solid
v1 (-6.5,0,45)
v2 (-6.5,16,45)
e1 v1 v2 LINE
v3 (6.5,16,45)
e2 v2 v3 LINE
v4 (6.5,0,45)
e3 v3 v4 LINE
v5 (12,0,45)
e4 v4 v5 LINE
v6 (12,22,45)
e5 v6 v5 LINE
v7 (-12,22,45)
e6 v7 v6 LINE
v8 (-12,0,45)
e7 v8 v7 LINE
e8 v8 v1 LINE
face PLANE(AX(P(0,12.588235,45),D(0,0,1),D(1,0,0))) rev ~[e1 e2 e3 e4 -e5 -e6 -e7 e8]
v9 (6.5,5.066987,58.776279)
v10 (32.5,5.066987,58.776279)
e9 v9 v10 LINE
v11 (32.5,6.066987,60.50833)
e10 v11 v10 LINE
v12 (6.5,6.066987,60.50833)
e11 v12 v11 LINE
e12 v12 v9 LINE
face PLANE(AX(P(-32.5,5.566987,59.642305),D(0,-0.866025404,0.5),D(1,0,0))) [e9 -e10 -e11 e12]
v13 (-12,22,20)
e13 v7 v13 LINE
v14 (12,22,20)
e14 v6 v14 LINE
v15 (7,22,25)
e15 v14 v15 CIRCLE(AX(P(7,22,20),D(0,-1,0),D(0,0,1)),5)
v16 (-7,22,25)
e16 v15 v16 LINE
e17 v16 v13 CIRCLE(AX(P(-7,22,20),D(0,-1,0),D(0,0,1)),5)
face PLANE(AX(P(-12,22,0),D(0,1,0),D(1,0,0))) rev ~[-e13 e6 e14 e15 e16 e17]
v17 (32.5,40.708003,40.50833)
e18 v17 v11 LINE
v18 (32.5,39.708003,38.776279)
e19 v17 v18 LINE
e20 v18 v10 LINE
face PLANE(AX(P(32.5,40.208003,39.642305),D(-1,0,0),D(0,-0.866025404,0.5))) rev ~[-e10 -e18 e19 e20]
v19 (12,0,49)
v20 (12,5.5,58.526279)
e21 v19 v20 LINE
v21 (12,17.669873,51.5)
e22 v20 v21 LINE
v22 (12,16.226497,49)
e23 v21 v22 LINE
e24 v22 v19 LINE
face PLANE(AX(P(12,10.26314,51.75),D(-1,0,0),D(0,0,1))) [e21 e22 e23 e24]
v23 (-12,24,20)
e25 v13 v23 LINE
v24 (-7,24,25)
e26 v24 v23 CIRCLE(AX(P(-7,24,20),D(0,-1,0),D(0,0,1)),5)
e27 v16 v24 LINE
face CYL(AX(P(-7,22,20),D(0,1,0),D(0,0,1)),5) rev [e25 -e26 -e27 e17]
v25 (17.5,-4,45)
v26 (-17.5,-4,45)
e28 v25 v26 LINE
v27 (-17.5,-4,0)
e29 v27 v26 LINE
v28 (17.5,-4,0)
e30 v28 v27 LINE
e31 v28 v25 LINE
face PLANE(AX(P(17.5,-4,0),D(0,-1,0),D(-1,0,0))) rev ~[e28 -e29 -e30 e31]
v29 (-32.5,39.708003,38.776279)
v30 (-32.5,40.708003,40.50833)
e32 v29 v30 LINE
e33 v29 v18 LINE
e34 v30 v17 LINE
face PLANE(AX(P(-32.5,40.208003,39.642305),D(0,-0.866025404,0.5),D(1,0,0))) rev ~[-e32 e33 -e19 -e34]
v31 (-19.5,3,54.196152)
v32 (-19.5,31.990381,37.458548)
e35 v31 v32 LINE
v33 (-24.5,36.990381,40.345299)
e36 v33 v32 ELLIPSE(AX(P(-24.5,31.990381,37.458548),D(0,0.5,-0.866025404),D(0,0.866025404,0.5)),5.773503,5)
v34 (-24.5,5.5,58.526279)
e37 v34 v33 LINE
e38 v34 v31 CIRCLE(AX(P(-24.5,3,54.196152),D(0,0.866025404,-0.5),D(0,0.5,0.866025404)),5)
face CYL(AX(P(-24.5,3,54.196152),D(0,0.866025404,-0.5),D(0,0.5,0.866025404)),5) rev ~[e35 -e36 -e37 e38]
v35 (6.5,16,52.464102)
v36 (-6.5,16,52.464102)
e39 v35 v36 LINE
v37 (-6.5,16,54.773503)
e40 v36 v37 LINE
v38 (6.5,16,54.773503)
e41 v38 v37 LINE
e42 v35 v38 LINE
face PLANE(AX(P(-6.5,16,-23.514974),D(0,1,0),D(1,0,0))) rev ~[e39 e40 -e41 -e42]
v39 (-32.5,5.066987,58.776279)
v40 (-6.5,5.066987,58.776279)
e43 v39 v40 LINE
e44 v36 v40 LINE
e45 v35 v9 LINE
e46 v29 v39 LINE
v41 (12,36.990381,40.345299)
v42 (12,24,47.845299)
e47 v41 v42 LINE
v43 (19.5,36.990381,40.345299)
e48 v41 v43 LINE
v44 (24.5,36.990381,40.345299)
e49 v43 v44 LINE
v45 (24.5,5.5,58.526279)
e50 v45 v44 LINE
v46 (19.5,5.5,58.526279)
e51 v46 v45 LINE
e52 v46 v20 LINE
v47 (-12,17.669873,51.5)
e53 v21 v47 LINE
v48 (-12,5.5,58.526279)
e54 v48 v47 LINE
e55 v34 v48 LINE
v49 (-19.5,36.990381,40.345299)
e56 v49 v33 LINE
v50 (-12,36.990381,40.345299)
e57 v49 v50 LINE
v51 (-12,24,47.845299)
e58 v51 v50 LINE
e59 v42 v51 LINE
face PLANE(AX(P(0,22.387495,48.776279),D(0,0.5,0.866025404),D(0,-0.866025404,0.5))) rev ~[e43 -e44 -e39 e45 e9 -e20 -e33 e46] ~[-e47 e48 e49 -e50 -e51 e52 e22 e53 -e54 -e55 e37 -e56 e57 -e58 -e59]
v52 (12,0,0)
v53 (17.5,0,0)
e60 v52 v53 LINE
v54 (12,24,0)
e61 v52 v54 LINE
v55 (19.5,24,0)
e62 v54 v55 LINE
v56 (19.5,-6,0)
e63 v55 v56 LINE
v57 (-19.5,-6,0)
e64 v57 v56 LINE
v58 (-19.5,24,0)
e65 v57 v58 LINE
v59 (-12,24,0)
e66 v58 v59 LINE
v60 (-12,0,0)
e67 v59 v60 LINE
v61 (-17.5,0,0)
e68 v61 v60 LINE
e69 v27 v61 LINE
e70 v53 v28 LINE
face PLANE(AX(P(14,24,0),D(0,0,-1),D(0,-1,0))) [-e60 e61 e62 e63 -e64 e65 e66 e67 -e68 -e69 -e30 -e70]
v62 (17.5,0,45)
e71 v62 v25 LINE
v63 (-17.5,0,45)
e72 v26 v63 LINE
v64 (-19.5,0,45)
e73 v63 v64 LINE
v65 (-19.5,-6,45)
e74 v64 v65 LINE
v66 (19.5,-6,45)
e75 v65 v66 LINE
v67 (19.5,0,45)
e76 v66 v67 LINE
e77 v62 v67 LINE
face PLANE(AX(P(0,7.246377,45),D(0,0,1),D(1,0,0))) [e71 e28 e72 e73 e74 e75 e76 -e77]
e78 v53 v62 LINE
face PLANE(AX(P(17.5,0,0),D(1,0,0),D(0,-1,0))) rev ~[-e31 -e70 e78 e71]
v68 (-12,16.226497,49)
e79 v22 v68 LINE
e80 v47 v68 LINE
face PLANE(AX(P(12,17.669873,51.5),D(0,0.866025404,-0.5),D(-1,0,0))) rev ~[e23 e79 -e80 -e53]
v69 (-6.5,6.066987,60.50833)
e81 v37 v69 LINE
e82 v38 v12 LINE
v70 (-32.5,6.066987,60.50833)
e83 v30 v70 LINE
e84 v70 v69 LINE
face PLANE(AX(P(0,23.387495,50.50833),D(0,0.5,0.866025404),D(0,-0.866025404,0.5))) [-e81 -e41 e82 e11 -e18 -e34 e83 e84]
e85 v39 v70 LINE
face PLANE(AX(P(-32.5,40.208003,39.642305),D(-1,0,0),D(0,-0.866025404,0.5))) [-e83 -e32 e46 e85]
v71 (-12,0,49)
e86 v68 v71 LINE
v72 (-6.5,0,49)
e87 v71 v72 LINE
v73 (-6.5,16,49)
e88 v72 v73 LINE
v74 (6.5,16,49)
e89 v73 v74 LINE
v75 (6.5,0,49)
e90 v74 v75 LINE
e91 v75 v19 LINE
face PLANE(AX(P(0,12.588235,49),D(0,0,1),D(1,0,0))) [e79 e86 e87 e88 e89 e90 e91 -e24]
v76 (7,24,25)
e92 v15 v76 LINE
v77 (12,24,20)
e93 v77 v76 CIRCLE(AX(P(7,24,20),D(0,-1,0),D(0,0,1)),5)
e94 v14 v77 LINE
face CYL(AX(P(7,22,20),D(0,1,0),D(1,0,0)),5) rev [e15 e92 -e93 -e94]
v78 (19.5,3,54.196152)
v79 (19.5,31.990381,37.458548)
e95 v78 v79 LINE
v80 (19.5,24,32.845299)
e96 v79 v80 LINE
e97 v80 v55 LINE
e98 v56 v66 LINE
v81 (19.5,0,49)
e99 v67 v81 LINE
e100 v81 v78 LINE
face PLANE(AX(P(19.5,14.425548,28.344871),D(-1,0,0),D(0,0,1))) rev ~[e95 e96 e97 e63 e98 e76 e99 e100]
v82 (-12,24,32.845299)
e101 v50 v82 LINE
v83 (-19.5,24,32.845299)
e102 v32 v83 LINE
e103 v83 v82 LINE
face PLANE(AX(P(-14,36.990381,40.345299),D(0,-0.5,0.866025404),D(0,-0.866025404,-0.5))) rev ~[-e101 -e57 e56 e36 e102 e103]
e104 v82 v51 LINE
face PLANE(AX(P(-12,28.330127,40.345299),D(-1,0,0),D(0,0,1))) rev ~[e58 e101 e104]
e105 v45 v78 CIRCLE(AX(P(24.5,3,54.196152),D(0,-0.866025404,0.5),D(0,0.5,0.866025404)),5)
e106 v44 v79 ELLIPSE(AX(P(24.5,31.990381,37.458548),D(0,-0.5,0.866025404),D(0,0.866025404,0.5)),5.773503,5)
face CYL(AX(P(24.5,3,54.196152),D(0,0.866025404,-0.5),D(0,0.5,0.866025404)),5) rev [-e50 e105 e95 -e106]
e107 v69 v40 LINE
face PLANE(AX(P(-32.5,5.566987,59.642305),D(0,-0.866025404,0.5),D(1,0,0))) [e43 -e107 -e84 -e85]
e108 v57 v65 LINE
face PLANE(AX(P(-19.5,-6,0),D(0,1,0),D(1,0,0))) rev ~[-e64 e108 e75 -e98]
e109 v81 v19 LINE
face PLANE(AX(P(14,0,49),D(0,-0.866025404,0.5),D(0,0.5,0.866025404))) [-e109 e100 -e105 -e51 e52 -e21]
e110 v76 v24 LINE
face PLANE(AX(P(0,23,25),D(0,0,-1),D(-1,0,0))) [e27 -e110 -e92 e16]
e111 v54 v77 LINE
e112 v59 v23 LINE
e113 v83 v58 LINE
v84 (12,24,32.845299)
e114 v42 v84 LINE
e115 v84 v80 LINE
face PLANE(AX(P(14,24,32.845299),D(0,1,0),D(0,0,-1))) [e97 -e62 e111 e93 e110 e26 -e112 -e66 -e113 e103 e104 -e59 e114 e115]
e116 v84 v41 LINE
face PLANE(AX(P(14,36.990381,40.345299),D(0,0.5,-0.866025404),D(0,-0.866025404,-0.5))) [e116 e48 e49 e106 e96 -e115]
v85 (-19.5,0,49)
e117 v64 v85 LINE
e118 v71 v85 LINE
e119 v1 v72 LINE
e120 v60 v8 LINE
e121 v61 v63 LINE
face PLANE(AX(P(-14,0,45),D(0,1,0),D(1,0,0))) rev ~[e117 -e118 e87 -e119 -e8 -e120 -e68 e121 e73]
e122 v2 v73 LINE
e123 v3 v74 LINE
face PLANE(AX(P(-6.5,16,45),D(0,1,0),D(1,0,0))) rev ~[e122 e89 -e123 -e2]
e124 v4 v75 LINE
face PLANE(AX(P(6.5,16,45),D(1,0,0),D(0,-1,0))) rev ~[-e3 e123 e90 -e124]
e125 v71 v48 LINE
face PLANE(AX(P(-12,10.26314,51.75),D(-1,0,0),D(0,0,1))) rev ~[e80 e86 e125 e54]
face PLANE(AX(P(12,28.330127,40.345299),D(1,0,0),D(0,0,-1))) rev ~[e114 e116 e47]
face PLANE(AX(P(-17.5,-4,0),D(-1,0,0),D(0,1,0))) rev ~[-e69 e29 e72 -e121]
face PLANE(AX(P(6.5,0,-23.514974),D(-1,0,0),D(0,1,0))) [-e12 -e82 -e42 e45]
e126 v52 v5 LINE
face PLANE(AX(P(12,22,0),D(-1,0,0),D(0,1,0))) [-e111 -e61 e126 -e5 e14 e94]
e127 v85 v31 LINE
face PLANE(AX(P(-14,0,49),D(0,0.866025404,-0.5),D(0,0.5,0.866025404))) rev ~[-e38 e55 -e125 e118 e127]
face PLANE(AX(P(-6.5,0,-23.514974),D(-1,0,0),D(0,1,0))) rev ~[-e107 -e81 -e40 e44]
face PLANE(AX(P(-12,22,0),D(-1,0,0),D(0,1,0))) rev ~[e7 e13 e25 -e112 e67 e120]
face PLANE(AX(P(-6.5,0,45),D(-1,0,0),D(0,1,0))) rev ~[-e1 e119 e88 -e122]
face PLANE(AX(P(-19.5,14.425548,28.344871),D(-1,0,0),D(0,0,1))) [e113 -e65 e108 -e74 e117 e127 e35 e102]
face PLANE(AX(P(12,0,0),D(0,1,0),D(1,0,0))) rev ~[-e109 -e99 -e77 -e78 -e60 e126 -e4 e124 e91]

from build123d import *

# Parameters (mm, degrees)
EXTRUDE_1_DEPTH          = 45
EXTRUDE_2_DEPTH          = 4
SKETCH_3_W               = 24
SKETCH_3_H               = 2
CUT_EXTRUDE_1_DEPTH      = 25
SKETCH_5_W               = 40
SKETCH_5_H               = 65
EXTRUDE_3_DEPTH          = 1
CUT_EXTRUDE_2_DEPTH      = 72.51497427
CUT_EXTRUDE_2_DEPTH_BACK = 72.51497427
SKETCH_6_W               = 13
SKETCH_6_H               = 16
EXTRUDE_6_DEPTH          = 2
EXTRUDE_7_DEPTH          = 2
EXTRUDE_8_DEPTH          = 2
EXTRUDE_9_DEPTH          = 2
FILLET_1_R               = 5
EXTRUDE_10_DEPTH         = 5.5
EXTRUDE_11_DEPTH         = 5.5
SKETCH_18_W              = 24
SKETCH_18_H              = 5
EXTRUDE_13_DEPTH         = 3
FILLET_2_R               = 5


with BuildPart() as part:
    # ｽｹｯﾁ1 → ﾎﾞｽ - 押し出し1 (new body)
    with BuildSketch(Plane.XY):
        Polygon((-14, 24), (-14, 2), (-19.5, 2), (-19.5, -6), (19.5, -6), (19.5, 2), (14, 2), (14, 24), align=None)
        Polygon((-12, 0), (-12, 22), (12, 22), (12, 0), (17.5, 0), (17.5, -4), (-17.5, -4), (-17.5, 0), align=None, mode=Mode.SUBTRACT)
    extrude(amount=EXTRUDE_1_DEPTH)

    # ｽｹｯﾁ2 → ﾎﾞｽ - 押し出し2 (add)
    with BuildSketch(Plane.XY.offset(45)):
        Polygon((-14, 24), (-14, 0), (-6.5, 0), (-6.5, 16), (6.5, 16), (6.5, 0), (14, 0), (14, 24), align=None)
    extrude(amount=EXTRUDE_2_DEPTH)

    # ｽｹｯﾁ3 → ｶｯﾄ - 押し出し1 (cut)
    with BuildSketch(Plane(origin=(0, 0, 0), x_dir=(-1, 0, 0), z_dir=(0, 0, -1))):
        with Locations((0, 23)):
            Rectangle(SKETCH_3_W, SKETCH_3_H)
    extrude(amount=-CUT_EXTRUDE_1_DEPTH, mode=Mode.SUBTRACT)



with BuildPart() as body_2:
    # ｽｹｯﾁ5 → ﾎﾞｽ - 押し出し3 (new, symmetric)
    with BuildSketch(Plane(origin=(0, 27.217622393, 47.142304845), x_dir=(0, -0.8660254037844413, 0.4999999999999954), z_dir=(0, 0.4999999999999954, 0.8660254037844413))):
        with Locations((5, 0)):
            Rectangle(SKETCH_5_W, SKETCH_5_H)
    extrude(amount=EXTRUDE_3_DEPTH, both=True)

    # ｽｹｯﾁ6 → ｶｯﾄ - 押し出し2 (cut, two sides: drawn at the far end of the back side and taken through both)
    with BuildSketch(Plane.XY.offset(49).offset(-CUT_EXTRUDE_2_DEPTH_BACK)):
        with Locations((0, 8)):
            Rectangle(SKETCH_6_W, SKETCH_6_H)
    extrude(amount=CUT_EXTRUDE_2_DEPTH + CUT_EXTRUDE_2_DEPTH_BACK, mode=Mode.SUBTRACT)


with BuildPart() as part_1:
    add(part.part)

    add(body_2.part)  # ﾎﾞｽ - 押し出し6 merges body 2
    # ｽｹｯﾁ11 → ﾎﾞｽ - 押し出し6 (add)
    with BuildSketch(Plane.ZY.offset(14)):
        Polygon((40.345299462, 36.990381057), (32.845299462, 24), (47.845299462, 24), align=None)
    extrude(amount=-EXTRUDE_6_DEPTH)

    # ｽｹｯﾁ12 → ﾎﾞｽ - 押し出し7 (add)
    with BuildSketch(Plane(origin=(14, 0, 0), x_dir=(0, 0, -1), z_dir=(1, 0, 0))):
        Polygon((-47.845299462, 24), (-32.845299462, 24), (-40.345299462, 36.990381057), align=None)
    extrude(amount=-EXTRUDE_7_DEPTH)

    # ｽｹｯﾁ13 → ﾎﾞｽ - 押し出し8 (add)
    with BuildSketch(Plane.ZY.offset(14)):
        Polygon((49, 22), (49, 0), (58.526279442, 5.5), align=None)
    extrude(amount=-EXTRUDE_8_DEPTH)

    # ｽｹｯﾁ14 → ﾎﾞｽ - 押し出し9 (add)
    with BuildSketch(Plane(origin=(14, 0, 0), x_dir=(0, 0, -1), z_dir=(1, 0, 0))):
        Polygon((-49, 22), (-49, 0), (-58.526279442, 5.5), align=None)
    extrude(amount=-EXTRUDE_9_DEPTH)

    # ﾌｨﾚｯﾄ1
    fillet_1_edges = [part_1.edges().sort_by_distance(p)[0] for p in [
        (12, 23, 25),
        (-12, 23, 25),
    ]]
    fillet(fillet_1_edges, radius=FILLET_1_R)

    # ｽｹｯﾁ16 → ﾎﾞｽ - 押し出し10 (add)
    with BuildSketch(Plane.ZY.offset(14)):
        Polygon((0, 24), (0, 2), (45, 2), (45, 0), (49, 0), (58.526279442, 5.5), (40.345299462, 36.990381057), (32.845299462, 24), align=None)
    extrude(amount=EXTRUDE_10_DEPTH)

    # ｽｹｯﾁ17 → ﾎﾞｽ - 押し出し11 (add)
    with BuildSketch(Plane(origin=(14, 0, 0), x_dir=(0, 0, -1), z_dir=(1, 0, 0))):
        Polygon((0, 24), (0, 2), (-45, 2), (-45, 0), (-49, 0), (-58.526279442, 5.5), (-40.345299462, 36.990381057), (-32.845299462, 24), align=None)
    extrude(amount=EXTRUDE_11_DEPTH)

    # ｽｹｯﾁ18 → ﾎﾞｽ - 押し出し13 (add)
    with BuildSketch(Plane(origin=(0, 26.717622393, 46.276279442), x_dir=(-1, 0, 0), z_dir=(0, -0.4999999999999954, -0.8660254037844414))):
        with Locations((0, -7.947441117)):
            Rectangle(SKETCH_18_W, SKETCH_18_H)
    extrude(amount=EXTRUDE_13_DEPTH)

    # ﾌｨﾚｯﾄ2
    fillet_2_edges = [part_1.edges().sort_by_distance(p)[0] for p in [
        (-19.5, 21.245190528, 49.435789452),
        (19.5, 21.245190528, 49.435789452),
    ]]
    fillet(fillet_2_edges, radius=FILLET_2_R)


solid = part_1.part
